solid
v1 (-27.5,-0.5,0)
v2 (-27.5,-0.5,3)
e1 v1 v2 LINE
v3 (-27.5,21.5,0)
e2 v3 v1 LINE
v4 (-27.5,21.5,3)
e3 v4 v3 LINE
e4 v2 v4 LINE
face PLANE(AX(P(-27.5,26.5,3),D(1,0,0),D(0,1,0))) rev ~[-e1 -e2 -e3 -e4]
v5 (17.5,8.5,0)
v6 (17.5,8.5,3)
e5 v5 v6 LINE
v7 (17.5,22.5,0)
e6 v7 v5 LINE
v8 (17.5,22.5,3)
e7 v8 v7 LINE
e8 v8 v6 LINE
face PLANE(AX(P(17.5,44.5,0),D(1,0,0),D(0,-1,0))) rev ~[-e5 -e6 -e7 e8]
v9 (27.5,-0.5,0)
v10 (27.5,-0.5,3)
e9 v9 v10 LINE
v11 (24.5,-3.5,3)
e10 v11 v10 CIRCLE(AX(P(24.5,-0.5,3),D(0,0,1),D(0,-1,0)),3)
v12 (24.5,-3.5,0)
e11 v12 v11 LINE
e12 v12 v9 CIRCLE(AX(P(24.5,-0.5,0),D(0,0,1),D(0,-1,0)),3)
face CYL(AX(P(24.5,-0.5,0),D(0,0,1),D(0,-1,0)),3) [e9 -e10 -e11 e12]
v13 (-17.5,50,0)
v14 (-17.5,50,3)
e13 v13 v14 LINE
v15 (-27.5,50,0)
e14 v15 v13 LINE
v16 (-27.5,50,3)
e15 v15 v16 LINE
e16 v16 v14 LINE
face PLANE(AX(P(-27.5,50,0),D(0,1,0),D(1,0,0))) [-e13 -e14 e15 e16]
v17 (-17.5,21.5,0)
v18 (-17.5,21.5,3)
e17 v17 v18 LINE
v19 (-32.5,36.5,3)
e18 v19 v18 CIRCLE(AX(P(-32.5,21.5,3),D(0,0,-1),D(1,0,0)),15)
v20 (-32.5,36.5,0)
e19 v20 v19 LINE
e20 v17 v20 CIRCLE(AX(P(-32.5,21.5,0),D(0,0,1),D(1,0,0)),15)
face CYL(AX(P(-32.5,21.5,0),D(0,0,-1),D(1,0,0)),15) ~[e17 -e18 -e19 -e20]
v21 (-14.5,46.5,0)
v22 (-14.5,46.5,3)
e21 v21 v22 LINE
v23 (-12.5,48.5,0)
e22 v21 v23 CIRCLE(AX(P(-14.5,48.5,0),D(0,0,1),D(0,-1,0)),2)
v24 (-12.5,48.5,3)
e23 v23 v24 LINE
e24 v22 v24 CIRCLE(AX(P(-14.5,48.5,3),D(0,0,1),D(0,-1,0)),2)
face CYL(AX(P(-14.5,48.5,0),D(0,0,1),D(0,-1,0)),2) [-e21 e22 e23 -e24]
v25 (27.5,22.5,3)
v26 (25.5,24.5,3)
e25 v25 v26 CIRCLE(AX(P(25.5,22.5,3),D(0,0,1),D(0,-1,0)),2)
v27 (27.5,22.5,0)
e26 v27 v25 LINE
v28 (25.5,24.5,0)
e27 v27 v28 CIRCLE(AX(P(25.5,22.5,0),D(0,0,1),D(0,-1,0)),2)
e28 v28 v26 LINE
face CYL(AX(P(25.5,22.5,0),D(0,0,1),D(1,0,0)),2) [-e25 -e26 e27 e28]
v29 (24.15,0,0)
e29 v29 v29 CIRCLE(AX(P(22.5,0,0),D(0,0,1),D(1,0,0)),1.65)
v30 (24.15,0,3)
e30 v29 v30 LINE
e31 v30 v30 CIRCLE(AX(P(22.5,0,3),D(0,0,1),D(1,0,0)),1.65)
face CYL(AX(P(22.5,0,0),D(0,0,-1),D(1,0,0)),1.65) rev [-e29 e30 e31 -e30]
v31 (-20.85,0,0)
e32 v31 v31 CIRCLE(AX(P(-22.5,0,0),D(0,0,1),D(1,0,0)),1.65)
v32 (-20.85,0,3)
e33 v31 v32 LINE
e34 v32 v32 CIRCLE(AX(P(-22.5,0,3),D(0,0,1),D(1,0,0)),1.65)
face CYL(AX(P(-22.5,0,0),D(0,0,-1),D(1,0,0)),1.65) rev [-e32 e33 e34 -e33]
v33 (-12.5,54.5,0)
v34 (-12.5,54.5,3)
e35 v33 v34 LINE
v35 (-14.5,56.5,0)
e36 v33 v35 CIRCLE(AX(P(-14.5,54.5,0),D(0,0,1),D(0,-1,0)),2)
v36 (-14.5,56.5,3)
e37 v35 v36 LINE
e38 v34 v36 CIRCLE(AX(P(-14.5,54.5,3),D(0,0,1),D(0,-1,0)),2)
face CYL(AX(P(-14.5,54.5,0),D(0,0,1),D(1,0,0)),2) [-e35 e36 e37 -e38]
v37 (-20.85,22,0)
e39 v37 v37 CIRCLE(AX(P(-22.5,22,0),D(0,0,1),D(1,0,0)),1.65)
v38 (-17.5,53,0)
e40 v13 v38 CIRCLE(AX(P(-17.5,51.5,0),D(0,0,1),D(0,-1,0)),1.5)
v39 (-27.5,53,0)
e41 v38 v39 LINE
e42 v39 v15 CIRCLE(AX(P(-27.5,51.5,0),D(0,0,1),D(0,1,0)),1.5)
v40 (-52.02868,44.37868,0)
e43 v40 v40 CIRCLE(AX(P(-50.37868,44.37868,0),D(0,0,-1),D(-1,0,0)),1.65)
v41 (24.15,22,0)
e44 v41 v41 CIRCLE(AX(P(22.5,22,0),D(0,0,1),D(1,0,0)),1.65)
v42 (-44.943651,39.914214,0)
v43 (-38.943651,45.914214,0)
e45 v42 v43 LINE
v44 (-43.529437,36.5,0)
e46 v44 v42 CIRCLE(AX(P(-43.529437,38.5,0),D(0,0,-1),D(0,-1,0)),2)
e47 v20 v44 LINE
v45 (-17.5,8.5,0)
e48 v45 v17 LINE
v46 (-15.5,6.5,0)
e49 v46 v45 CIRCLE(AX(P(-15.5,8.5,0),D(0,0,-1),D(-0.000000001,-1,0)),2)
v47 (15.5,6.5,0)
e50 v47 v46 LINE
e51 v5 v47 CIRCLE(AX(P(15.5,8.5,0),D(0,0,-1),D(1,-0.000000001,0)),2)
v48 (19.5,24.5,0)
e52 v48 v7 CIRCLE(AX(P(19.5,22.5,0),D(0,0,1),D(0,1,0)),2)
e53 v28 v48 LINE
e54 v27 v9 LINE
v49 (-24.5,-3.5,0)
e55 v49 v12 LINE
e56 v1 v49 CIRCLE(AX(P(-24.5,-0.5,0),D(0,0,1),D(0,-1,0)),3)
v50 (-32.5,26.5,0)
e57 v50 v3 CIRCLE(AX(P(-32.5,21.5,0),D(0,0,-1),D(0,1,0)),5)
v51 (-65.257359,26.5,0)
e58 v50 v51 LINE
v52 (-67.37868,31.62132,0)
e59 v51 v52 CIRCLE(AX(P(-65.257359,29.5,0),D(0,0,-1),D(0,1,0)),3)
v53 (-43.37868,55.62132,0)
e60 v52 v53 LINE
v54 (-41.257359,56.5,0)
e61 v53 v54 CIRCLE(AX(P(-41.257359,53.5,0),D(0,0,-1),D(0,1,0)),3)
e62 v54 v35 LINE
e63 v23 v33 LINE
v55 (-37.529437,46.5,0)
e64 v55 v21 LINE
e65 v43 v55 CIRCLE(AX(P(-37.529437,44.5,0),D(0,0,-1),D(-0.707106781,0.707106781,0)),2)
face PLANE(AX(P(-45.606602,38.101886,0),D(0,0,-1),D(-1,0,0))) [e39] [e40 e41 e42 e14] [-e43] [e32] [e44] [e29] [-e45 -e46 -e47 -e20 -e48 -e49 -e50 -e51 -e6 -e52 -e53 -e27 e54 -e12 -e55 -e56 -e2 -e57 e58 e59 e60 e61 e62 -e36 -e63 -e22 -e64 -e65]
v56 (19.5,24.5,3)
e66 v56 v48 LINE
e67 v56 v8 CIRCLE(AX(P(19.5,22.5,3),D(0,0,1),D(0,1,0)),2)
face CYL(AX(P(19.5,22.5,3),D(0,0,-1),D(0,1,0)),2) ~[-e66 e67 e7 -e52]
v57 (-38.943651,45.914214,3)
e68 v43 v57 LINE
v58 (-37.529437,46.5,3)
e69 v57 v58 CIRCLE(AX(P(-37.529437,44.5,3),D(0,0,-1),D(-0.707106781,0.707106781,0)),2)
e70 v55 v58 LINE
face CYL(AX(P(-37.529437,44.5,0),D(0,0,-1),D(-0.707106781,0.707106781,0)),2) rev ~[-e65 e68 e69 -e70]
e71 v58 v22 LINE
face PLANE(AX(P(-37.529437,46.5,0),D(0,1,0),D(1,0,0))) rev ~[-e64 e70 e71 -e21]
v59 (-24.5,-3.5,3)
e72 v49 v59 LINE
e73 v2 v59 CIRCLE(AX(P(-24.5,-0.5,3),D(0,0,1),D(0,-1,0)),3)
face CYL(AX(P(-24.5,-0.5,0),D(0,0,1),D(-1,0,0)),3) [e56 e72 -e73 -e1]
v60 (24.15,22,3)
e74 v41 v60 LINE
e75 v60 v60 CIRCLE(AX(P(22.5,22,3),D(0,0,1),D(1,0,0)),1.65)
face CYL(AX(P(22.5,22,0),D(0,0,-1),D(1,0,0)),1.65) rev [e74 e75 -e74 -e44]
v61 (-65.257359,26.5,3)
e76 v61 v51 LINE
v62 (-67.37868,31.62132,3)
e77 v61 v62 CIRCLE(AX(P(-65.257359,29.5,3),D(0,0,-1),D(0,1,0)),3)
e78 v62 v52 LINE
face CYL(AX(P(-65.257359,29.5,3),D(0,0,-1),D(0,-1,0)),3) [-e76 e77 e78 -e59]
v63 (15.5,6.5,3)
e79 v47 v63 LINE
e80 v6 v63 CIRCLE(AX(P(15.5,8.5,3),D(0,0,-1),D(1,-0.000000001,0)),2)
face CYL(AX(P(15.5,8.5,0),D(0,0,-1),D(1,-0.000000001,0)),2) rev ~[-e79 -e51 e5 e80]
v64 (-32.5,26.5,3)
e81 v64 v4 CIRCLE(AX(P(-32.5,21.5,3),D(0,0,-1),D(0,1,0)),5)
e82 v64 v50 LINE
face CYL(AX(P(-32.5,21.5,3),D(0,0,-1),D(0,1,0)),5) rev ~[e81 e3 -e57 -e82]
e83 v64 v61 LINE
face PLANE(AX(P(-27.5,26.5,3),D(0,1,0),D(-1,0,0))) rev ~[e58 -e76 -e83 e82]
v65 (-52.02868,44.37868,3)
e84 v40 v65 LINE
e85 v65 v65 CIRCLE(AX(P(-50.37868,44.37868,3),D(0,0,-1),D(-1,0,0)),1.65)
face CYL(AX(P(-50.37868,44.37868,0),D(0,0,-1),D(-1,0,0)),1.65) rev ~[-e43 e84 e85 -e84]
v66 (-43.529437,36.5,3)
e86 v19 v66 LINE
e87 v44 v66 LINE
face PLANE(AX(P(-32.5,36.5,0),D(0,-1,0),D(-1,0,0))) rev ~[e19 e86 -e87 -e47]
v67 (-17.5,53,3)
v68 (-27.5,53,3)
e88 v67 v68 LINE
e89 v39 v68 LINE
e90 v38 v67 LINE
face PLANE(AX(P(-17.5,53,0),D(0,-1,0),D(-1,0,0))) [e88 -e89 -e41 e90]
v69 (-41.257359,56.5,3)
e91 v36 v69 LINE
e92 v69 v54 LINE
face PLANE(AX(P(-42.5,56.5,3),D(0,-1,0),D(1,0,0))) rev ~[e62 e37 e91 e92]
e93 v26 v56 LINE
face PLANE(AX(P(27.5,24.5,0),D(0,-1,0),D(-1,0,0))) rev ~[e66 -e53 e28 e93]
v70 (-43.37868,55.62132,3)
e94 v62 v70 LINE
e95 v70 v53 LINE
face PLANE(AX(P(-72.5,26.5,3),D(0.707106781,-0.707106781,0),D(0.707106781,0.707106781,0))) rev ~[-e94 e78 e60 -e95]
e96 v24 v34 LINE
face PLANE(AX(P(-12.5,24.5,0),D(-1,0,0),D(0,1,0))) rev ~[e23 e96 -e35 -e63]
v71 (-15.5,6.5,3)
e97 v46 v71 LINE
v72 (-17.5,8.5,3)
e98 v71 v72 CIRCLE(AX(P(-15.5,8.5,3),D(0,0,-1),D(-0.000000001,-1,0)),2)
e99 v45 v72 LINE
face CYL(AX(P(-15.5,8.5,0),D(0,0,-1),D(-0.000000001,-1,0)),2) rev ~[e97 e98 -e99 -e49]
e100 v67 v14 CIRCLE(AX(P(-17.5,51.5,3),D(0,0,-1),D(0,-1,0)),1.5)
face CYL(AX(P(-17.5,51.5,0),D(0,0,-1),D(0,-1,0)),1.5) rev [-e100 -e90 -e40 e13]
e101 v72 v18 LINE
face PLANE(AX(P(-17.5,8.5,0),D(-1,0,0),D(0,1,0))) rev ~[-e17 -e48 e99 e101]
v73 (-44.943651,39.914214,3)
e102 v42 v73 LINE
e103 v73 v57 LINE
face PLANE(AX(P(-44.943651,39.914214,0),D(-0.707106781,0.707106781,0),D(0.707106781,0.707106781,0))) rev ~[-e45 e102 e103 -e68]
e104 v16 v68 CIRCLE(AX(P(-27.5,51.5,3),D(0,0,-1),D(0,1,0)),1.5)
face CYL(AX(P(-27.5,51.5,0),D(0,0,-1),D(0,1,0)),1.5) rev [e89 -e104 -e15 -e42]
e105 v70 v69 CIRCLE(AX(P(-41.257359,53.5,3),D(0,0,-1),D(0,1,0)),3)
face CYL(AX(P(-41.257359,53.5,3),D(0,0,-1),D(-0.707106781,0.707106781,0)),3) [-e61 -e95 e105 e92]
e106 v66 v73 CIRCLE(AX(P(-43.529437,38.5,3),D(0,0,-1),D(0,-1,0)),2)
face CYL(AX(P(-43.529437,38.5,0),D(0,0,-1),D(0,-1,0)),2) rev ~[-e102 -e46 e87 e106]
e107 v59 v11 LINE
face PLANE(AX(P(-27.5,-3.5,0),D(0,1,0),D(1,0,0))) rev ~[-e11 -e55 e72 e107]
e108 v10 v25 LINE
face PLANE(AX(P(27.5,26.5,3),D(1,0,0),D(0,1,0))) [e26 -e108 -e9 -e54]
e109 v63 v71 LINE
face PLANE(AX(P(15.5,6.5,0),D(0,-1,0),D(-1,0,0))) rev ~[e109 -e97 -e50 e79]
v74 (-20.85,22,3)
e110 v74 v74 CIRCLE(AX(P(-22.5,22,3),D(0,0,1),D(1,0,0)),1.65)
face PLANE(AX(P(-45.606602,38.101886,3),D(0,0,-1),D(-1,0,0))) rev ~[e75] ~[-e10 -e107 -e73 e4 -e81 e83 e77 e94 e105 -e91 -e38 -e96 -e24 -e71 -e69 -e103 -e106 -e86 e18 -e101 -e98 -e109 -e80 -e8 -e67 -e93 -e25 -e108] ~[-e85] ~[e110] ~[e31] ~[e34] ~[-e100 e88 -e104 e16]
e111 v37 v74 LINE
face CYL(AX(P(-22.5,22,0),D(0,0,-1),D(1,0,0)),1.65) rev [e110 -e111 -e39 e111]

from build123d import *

# Parameters (mm, degrees)
SKETCH_1_W          = 55
SKETCH_1_H          = 30
SKETCH_1_R          = 1.65
EXTRUDE_1_DEPTH     = 3
SKETCH_2_W          = 55
SKETCH_2_H          = 30
EXTRUDE_2_DEPTH     = 3
EXTRUDE_3_DEPTH     = 3
SKETCH_8_R          = 1.65
CUT_EXTRUDE_1_DEPTH = 10
FILLET_1_R          = 5
FILLET_2_R          = 3
CUT_EXTRUDE_2_DEPTH = 10
CUT_EXTRUDE_3_DEPTH = 4
CUT_EXTRUDE_4_DEPTH = 4
FILLET_3_R          = 2


with BuildPart() as part:
    # 草图1 → 凸台-拉伸1 (new body)
    with BuildSketch(Plane.XY):
        with Locations((0, 11.5)):
            Rectangle(SKETCH_1_W, SKETCH_1_H)
        with Locations((-22.5, 0)):
            Circle(SKETCH_1_R, mode=Mode.SUBTRACT)
        with Locations((-22.5, 22)):
            Circle(SKETCH_1_R, mode=Mode.SUBTRACT)
        with Locations((22.5, 22)):
            Circle(SKETCH_1_R, mode=Mode.SUBTRACT)
        with Locations((22.5, 0)):
            Circle(SKETCH_1_R, mode=Mode.SUBTRACT)
    extrude(amount=EXTRUDE_1_DEPTH)

    # 草图2 → 凸台-拉伸2 (add)
    with BuildSketch(Plane.XY.offset(3)):
        with Locations((0, 41.5)):
            Rectangle(SKETCH_2_W, SKETCH_2_H)
    extrude(amount=-EXTRUDE_2_DEPTH)

    # 草图4 → 凸台-拉伸3 (add)
    with BuildSketch(Plane.XY.offset(3)):
        Polygon((-27.5, 26.5), (-72.5, 26.5), (-42.5, 56.5), (-27.5, 56.5), align=None)
    extrude(amount=-EXTRUDE_3_DEPTH)

    # 草图8 → 切除-拉伸1 (cut)
    with BuildSketch(Plane(origin=(0, 0, 0), x_dir=(-1, 0, 0), z_dir=(0, 0, -1))):
        with Locations((50.378679656, 44.378679656)):
            Circle(SKETCH_8_R)
    extrude(amount=-CUT_EXTRUDE_1_DEPTH, mode=Mode.SUBTRACT)

    # 圆角1
    fillet_1_edges = [part.edges().sort_by_distance(p)[0] for p in [
        (-27.5, 26.5, 1.5),
    ]]
    fillet(fillet_1_edges, radius=FILLET_1_R)

    # 圆角2
    fillet_2_edges = [part.edges().sort_by_distance(p)[0] for p in [
        (27.5, 56.5, 1.5),
        (-42.5, 56.5, 1.5),
        (-72.5, 26.5, 1.5),
        (27.5, -3.5, 1.5),
        (-27.5, -3.5, 1.5),
    ]]
    fillet(fillet_2_edges, radius=FILLET_2_R)

    # 草图9 → 切除-拉伸2 (cut)
    with BuildSketch(Plane(origin=(0, 0, 0), x_dir=(-1, 0, 0), z_dir=(0, 0, -1))):
        with BuildLine():
            Line((17.5, 53), (27.5, 53))
            ThreePointArc((27.5, 53), (29, 51.5), (27.5, 50))
            Line((27.5, 50), (17.5, 50))
            ThreePointArc((17.5, 50), (16, 51.5), (17.5, 53))
        make_face()
    extrude(amount=-CUT_EXTRUDE_2_DEPTH, mode=Mode.SUBTRACT)

    # 草图10 → 切除-拉伸3 (cut, through all)
    with BuildSketch(Plane(origin=(0, 0, 0), x_dir=(-1, 0, 0), z_dir=(0, 0, -1))):
        with BuildLine():
            Line((-15.5, 6.5), (15.5, 6.5))
            ThreePointArc((15.5, 6.5), (16.914213562, 7.085786438), (17.5, 8.5))
            Line((17.5, 8.5), (17.5, 21.5))
            ThreePointArc((17.5, 21.5), (21.893398282, 32.106601718), (32.5, 36.5))
            Line((32.5, 36.5), (43.529437252, 36.5))
            ThreePointArc((43.529437252, 36.5), (45.377196317, 37.734633135), (44.943650814, 39.914213562))
            Line((44.943650814, 39.914213562), (38.943650814, 45.914213562))
            ThreePointArc((38.943650814, 45.914213562), (38.294804116, 46.347759065), (37.529437252, 46.5))
            Line((37.529437252, 46.5), (-15.5, 46.5))
            ThreePointArc((-15.5, 46.5), (-16.914213562, 45.914213562), (-17.5, 44.5))
            Line((-17.5, 44.5), (-17.5, 8.5))
            ThreePointArc((-17.5, 8.5), (-16.914213562, 7.085786438), (-15.5, 6.5))
        make_face()
    extrude(amount=-CUT_EXTRUDE_3_DEPTH, mode=Mode.SUBTRACT)

    # 草图11 → 切除-拉伸4 (cut, through all)
    with BuildSketch(Plane(origin=(0, 0, 0), x_dir=(-1, 0, 0), z_dir=(0, 0, -1))):
        with BuildLine():
            Line((-27.5, 24.5), (12.5, 24.5))
            Line((12.5, 24.5), (12.5, 56.5))
            Line((12.5, 56.5), (-24.5, 56.5))
            ThreePointArc((-24.5, 56.5), (-26.621320344, 55.621320344), (-27.5, 53.5))
            Line((-27.5, 53.5), (-27.5, 24.5))
        make_face()
    extrude(amount=-CUT_EXTRUDE_4_DEPTH, mode=Mode.SUBTRACT)

    # 圆角3
    fillet_3_edges = [part.edges().sort_by_distance(p)[0] for p in [
        (-12.5, 46.5, 1.5),
        (17.5, 24.5, 1.5),
        (-12.5, 56.5, 1.5),
        (27.5, 24.5, 1.5),
    ]]
    fillet(fillet_3_edges, radius=FILLET_3_R)


solid = part.part
